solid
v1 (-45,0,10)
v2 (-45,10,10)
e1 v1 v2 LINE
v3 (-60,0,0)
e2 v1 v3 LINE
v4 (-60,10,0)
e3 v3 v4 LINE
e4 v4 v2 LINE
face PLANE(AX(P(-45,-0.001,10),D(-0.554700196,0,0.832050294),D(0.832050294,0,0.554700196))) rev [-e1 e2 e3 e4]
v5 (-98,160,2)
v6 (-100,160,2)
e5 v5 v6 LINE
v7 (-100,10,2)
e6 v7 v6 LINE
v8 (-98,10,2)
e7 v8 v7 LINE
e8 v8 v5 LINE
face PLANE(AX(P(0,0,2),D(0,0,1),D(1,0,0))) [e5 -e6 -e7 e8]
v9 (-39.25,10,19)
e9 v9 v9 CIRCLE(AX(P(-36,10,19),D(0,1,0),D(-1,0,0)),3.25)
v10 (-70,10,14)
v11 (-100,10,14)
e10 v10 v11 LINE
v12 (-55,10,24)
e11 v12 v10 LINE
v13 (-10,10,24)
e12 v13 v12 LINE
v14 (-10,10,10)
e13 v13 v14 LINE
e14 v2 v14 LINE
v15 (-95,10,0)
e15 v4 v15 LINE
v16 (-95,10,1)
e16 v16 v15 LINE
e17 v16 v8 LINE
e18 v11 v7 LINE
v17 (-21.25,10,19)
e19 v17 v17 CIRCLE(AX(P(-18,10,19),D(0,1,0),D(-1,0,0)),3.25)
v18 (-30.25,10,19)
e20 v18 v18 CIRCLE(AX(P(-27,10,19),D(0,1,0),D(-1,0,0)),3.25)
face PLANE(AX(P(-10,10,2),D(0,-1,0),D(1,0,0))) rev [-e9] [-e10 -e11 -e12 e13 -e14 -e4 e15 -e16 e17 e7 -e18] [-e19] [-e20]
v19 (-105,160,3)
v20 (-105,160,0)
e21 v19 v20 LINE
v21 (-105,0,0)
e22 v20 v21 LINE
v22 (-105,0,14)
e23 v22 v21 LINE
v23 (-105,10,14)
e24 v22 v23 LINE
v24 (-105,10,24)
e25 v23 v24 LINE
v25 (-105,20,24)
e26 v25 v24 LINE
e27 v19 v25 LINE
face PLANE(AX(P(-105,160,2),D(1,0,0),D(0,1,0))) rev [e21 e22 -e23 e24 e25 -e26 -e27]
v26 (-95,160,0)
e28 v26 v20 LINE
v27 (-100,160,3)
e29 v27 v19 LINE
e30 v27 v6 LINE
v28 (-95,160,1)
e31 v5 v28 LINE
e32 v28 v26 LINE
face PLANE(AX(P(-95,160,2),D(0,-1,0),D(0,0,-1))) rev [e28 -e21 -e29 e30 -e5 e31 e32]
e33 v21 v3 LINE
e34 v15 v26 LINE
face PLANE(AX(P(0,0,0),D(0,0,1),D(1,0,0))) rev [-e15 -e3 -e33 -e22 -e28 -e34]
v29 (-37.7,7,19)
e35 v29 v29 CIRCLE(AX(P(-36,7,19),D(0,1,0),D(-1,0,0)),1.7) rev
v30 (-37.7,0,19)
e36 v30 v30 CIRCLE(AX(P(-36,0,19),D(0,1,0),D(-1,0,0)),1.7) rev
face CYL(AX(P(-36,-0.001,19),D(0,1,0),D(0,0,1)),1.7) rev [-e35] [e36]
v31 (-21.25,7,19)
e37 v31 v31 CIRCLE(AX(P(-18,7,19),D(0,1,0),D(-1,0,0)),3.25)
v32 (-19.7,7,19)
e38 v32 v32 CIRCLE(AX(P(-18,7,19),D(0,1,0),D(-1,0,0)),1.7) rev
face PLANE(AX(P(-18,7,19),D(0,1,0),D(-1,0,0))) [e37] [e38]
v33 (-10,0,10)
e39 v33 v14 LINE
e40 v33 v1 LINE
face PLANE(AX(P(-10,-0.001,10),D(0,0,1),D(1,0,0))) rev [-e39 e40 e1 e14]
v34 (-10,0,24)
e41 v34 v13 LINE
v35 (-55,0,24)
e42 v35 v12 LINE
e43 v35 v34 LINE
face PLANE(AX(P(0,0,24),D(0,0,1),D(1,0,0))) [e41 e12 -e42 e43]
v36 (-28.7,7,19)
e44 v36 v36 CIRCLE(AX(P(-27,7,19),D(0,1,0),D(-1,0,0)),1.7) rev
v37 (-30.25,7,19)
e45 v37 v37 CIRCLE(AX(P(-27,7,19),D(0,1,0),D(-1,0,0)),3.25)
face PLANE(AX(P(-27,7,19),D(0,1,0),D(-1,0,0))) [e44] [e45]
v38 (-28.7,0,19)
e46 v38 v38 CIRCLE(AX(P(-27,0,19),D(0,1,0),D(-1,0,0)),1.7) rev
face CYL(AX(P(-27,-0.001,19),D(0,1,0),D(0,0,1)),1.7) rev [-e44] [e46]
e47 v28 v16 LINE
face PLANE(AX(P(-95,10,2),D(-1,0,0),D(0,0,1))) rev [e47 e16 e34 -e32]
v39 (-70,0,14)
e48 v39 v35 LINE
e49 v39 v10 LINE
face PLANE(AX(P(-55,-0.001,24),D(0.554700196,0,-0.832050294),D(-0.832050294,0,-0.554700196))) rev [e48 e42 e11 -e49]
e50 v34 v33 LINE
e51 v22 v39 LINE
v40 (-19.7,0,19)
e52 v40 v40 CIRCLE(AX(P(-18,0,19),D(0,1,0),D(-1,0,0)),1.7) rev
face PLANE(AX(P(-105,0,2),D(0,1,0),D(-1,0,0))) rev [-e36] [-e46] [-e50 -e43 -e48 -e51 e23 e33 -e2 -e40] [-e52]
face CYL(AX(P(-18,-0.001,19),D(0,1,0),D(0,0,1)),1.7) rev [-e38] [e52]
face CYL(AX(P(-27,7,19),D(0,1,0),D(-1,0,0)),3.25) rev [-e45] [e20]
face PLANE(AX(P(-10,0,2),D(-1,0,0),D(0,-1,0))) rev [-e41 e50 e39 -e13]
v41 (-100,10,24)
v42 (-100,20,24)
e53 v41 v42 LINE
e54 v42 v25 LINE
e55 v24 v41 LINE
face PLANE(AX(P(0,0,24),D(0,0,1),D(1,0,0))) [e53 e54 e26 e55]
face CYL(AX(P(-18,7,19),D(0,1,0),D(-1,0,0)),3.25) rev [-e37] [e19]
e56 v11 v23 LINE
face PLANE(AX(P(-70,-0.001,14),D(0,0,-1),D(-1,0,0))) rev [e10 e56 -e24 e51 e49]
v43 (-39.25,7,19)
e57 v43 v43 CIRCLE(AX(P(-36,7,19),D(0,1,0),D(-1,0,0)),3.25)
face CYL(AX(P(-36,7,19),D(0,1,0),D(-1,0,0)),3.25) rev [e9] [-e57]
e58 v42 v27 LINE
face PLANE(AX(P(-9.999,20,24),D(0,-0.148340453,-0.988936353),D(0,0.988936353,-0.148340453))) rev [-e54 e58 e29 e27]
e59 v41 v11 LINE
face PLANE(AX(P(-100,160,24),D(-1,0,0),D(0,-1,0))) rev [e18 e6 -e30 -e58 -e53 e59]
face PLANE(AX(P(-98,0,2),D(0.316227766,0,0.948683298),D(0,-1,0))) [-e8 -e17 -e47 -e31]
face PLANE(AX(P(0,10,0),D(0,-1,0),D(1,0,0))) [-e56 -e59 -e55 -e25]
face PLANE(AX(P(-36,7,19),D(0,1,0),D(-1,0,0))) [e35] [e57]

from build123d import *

# Parameters (mm, degrees)
AUFSATZ_LINEAR_AUSTRAGEN1_DEPTH = 2
AUFSATZ_LINEAR_AUSTRAGEN2_DEPTH = 22
SCHNITT_LINEAR_AUSTRAGEN1_REACH = 189.619
FASE1_SIZE                      = 1
FASE1_SIZE2                     = 3
SCHNITT_LINEAR_AUSTRAGEN2_REACH = 186.665
SKIZZE4_R                       = 1.7
SKIZZE5_R                       = 3.25
SCHNITT_LINEAR_AUSTRAGEN3_DEPTH = 3
SCHNITT_LINEAR_AUSTRAGEN4_REACH = 186.665


with BuildPart() as part:
    # Skizze1 → Aufsatz-Linear austragen1 (new body)
    with BuildSketch(Plane.XY):
        Polygon((-10, 10), (-95, 10), (-95, 160), (-105, 160), (-105, 0), (-10, 0), align=None)
    extrude(amount=AUFSATZ_LINEAR_AUSTRAGEN1_DEPTH)

    # Skizze2 → Aufsatz-Linear austragen2 (add)
    with BuildSketch(Plane.XY.offset(2)):
        Polygon((-105, 0), (-10, 0), (-10, 10), (-100, 10), (-100, 160), (-105, 160), align=None)
    extrude(amount=AUFSATZ_LINEAR_AUSTRAGEN2_DEPTH)

    # Skizze3 → Schnitt-Linear austragen1 (cut, up to next)
    with BuildSketch(Plane.ZY.offset(105), mode=Mode.PRIVATE) as schnitt_linear_austragen1_sk1:
        Polygon((3, 160), (24, 160), (24, 20), align=None)
    schnitt_linear_austragen1_tool1 = extrude(schnitt_linear_austragen1_sk1.sketch, amount=-SCHNITT_LINEAR_AUSTRAGEN1_REACH, mode=Mode.PRIVATE) & part.part
    add(schnitt_linear_austragen1_tool1.solids().sort_by_distance((-105, 113.333333, 17))[0], mode=Mode.SUBTRACT)

    # Fase1
    fase1_edges = [part.edges().sort_by_distance(p)[0] for p in [
        (-95, 85, 2),
    ]]
    fase1_side = [part.faces().sort_by_distance(p)[0] for p in [
        (-95, 85, 1),
    ]]
    chamfer(fase1_edges, length=FASE1_SIZE, length2=FASE1_SIZE2, reference=fase1_side[0])

    # Skizze4 → Schnitt-Linear austragen2 (cut, up to next)
    with BuildSketch(Plane(origin=(0, 10, 0), x_dir=(1, 0, 0), z_dir=(0, 1, 0)), mode=Mode.PRIVATE) as schnitt_linear_austragen2_sk1:
        with Locations(Location((-18, -19, 0), (0, 0, 270))):
            Circle(SKIZZE4_R)
    schnitt_linear_austragen2_tool1 = extrude(schnitt_linear_austragen2_sk1.sketch, amount=-SCHNITT_LINEAR_AUSTRAGEN2_REACH, mode=Mode.PRIVATE) & part.part
    # Skizze4 → Schnitt-Linear austragen2 (cut, up to next)
    with BuildSketch(Plane(origin=(0, 10, 0), x_dir=(1, 0, 0), z_dir=(0, 1, 0)), mode=Mode.PRIVATE) as schnitt_linear_austragen2_sk2:
        with Locations(Location((-27, -19, 0), (0, 0, 270))):
            Circle(SKIZZE4_R)
    schnitt_linear_austragen2_tool2 = extrude(schnitt_linear_austragen2_sk2.sketch, amount=-SCHNITT_LINEAR_AUSTRAGEN2_REACH, mode=Mode.PRIVATE) & part.part
    # Skizze4 → Schnitt-Linear austragen2 (cut, up to next)
    with BuildSketch(Plane(origin=(0, 10, 0), x_dir=(1, 0, 0), z_dir=(0, 1, 0)), mode=Mode.PRIVATE) as schnitt_linear_austragen2_sk3:
        with Locations(Location((-36, -19, 0), (0, 0, 270))):
            Circle(SKIZZE4_R)
    schnitt_linear_austragen2_tool3 = extrude(schnitt_linear_austragen2_sk3.sketch, amount=-SCHNITT_LINEAR_AUSTRAGEN2_REACH, mode=Mode.PRIVATE) & part.part
    add(schnitt_linear_austragen2_tool1.solids().sort_by_distance((-18, 10, 19))[0], mode=Mode.SUBTRACT)
    add(schnitt_linear_austragen2_tool2.solids().sort_by_distance((-27, 10, 19))[0], mode=Mode.SUBTRACT)
    add(schnitt_linear_austragen2_tool3.solids().sort_by_distance((-36, 10, 19))[0], mode=Mode.SUBTRACT)

    # Skizze5 → Schnitt-Linear austragen3 (cut)
    with BuildSketch(Plane(origin=(0, 10, 0), x_dir=(1, 0, 0), z_dir=(0, 1, 0))):
        with Locations(Location((-18, -19, 0), (0, 0, 180))):
            Circle(SKIZZE5_R)
        with Locations(Location((-27, -19, 0), (0, 0, 180))):
            Circle(SKIZZE5_R)
        with Locations(Location((-36, -19, 0), (0, 0, 180))):
            Circle(SKIZZE5_R)
    extrude(amount=-SCHNITT_LINEAR_AUSTRAGEN3_DEPTH, mode=Mode.SUBTRACT)

    # Skizze6 → Schnitt-Linear austragen4 (cut, up to next)
    with BuildSketch(Plane(origin=(0, 10, 0), x_dir=(1, 0, 0), z_dir=(0, 1, 0)), mode=Mode.PRIVATE) as schnitt_linear_austragen4_sk1:
        Polygon((-10, -10), (-10, 0), (-60, 0), (-45, -10), align=None)
    schnitt_linear_austragen4_tool1 = extrude(schnitt_linear_austragen4_sk1.sketch, amount=-SCHNITT_LINEAR_AUSTRAGEN4_REACH, mode=Mode.PRIVATE) & part.part
    # Skizze6 → Schnitt-Linear austragen4 (cut, up to next)
    with BuildSketch(Plane(origin=(0, 10, 0), x_dir=(1, 0, 0), z_dir=(0, 1, 0)), mode=Mode.PRIVATE) as schnitt_linear_austragen4_sk2:
        Polygon((-55, -24), (-70, -14), (-105, -14), (-105, -24), align=None)
    schnitt_linear_austragen4_tool2 = extrude(schnitt_linear_austragen4_sk2.sketch, amount=-SCHNITT_LINEAR_AUSTRAGEN4_REACH, mode=Mode.PRIVATE) & part.part
    add(schnitt_linear_austragen4_tool1.solids().sort_by_distance((-31.470588, 10, 4.705882))[0], mode=Mode.SUBTRACT)
    add(schnitt_linear_austragen4_tool2.solids().sort_by_distance((-83.529412, 10, 19.294118))[0], mode=Mode.SUBTRACT)


solid = part.part
